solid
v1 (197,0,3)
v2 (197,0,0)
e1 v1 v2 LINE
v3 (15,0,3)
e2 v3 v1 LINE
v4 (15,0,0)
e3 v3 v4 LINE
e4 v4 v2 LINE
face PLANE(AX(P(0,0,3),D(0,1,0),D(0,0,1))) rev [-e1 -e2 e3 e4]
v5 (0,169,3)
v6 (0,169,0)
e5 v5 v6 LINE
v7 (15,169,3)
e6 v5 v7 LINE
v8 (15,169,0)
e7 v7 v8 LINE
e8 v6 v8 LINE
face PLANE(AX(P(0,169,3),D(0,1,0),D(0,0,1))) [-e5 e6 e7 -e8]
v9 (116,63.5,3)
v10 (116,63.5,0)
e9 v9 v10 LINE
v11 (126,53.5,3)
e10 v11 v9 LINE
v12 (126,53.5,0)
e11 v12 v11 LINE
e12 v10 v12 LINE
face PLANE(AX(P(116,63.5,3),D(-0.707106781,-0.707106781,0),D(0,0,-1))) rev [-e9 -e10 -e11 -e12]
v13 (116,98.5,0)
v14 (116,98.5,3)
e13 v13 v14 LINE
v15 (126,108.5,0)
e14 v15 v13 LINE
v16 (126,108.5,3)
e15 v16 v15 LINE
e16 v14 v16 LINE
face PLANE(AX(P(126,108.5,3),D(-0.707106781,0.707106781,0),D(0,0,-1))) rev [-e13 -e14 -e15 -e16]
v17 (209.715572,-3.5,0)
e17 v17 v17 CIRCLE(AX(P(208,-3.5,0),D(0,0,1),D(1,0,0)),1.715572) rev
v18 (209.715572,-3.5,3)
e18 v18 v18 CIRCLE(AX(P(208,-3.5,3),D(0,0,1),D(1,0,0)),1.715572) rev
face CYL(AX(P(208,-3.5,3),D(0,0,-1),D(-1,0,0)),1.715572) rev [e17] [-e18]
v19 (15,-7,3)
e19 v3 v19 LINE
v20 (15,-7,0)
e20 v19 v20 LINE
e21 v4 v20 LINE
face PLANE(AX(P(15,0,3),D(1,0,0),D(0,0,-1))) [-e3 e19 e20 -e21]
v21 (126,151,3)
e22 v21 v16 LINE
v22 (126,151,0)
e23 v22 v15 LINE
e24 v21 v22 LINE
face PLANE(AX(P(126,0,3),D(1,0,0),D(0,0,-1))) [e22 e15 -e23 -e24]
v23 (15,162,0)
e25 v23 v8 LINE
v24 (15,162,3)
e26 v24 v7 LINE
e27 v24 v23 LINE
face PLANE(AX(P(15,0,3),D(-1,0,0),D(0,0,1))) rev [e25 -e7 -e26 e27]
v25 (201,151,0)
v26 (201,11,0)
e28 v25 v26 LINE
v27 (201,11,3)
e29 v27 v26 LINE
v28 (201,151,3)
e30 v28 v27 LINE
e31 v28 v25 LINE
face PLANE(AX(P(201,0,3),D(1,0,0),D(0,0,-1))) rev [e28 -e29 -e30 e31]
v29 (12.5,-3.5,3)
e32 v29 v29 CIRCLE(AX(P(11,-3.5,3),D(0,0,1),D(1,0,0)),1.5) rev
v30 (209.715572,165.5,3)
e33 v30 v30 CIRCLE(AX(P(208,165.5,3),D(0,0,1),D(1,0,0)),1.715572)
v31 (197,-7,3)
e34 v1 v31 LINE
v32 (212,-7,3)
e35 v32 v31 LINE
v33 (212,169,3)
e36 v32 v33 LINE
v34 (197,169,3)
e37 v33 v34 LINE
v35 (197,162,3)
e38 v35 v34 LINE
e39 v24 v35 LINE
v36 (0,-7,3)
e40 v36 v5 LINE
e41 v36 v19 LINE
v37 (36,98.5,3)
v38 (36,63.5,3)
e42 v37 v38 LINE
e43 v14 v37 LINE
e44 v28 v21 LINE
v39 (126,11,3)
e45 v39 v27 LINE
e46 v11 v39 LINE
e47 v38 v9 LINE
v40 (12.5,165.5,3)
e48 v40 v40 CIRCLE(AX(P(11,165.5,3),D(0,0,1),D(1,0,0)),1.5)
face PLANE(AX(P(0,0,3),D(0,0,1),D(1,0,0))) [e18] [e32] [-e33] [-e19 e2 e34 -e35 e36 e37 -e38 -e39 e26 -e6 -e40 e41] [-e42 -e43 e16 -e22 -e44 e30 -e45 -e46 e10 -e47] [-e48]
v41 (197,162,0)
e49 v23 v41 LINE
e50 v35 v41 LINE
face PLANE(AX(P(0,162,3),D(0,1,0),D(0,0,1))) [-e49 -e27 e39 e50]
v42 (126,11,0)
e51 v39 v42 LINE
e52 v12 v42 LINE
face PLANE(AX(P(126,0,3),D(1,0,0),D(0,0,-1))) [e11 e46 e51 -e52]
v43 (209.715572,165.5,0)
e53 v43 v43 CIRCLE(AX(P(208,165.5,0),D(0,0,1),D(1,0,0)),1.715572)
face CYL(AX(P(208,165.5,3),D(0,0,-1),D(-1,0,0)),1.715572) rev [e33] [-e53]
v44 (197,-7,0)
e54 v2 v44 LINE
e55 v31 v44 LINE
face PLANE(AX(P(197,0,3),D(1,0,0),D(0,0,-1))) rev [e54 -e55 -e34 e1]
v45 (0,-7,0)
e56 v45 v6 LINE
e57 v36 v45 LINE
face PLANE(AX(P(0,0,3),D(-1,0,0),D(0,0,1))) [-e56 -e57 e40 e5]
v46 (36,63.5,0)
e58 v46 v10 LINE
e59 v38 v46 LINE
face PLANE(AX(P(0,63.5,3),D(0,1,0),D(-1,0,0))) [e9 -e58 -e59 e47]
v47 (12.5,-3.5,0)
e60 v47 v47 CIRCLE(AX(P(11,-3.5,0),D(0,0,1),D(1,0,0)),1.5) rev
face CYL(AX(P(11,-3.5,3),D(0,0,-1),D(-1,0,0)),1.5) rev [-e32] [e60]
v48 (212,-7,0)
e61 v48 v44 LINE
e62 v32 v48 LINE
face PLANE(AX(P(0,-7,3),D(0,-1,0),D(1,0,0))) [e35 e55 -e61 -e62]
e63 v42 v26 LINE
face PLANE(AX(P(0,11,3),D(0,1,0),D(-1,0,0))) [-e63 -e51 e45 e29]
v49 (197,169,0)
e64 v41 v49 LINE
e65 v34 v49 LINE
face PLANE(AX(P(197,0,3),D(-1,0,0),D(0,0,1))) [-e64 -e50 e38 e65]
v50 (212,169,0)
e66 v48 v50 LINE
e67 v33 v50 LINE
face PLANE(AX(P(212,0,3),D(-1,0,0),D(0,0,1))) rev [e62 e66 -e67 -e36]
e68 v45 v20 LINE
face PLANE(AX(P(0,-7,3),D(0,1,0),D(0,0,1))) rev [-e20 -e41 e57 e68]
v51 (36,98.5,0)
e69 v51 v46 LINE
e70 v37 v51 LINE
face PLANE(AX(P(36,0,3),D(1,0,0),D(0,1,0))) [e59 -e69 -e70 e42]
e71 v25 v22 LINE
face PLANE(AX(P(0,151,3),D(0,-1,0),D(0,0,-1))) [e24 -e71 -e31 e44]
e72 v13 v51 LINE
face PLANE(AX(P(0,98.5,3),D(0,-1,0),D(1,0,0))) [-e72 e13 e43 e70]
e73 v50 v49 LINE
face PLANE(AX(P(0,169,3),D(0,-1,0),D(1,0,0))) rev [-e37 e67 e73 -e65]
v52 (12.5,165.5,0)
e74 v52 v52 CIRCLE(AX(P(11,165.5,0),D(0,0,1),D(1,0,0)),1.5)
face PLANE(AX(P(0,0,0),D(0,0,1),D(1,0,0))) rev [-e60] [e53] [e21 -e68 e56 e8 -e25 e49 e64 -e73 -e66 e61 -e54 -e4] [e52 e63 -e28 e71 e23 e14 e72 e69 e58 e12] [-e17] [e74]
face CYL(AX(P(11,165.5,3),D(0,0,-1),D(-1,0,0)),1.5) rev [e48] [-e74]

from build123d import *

# Parameters (mm, degrees)
SKETCH1_W           = 15
SKETCH1_H           = 7
SKETCH1_R           = 1.5
SKETCH1_R_2         = 1.715572335
BOSS_EXTRUDE1_DEPTH = 3
CHAMFER1_SIZE       = 10


with BuildPart() as part:
    # Sketch1 → Boss-Extrude1 (new body)
    # profile 1 of 5: a face of its own
    with BuildSketch(Plane.XY):
        Polygon((15, 162), (0, 162), (0, 0), (15, 0), (197, 0), (212, 0), (212, 162), (197, 162), align=None)
        Polygon((126, 151), (201, 151), (201, 11), (126, 11), (126, 63.5), (36, 63.5), (36, 98.5), (126, 98.5), align=None, mode=Mode.SUBTRACT)
    # profile 2 of 5: a face of its own
    with BuildSketch(Plane.XY):
        with Locations((7.5, 165.5)):
            Rectangle(SKETCH1_W, SKETCH1_H)
        with Locations((11, 165.5)):
            Circle(SKETCH1_R, mode=Mode.SUBTRACT)
    # profile 3 of 5: a face of its own
    with BuildSketch(Plane.XY):
        with Locations((7.5, -3.5)):
            Rectangle(SKETCH1_W, SKETCH1_H)
        with Locations((11, -3.5)):
            Circle(SKETCH1_R, mode=Mode.SUBTRACT)
    # profile 4 of 5: a face of its own
    with BuildSketch(Plane.XY):
        with Locations((204.5, -3.5)):
            Rectangle(SKETCH1_W, SKETCH1_H)
        with Locations((208, -3.5)):
            Circle(SKETCH1_R_2, mode=Mode.SUBTRACT)
    # profile 5 of 5: a face of its own
    with BuildSketch(Plane.XY):
        with Locations((204.5, 165.5)):
            Rectangle(SKETCH1_W, SKETCH1_H)
        with Locations((208, 165.5)):
            Circle(SKETCH1_R_2, mode=Mode.SUBTRACT)
    extrude(amount=BOSS_EXTRUDE1_DEPTH)

    # Chamfer1
    chamfer1_edges = [part.edges().sort_by_distance(p)[0] for p in [
        (126, 98.5, 1.5),
        (126, 63.5, 1.5),
    ]]
    chamfer(chamfer1_edges, length=CHAMFER1_SIZE)


solid = part.part
